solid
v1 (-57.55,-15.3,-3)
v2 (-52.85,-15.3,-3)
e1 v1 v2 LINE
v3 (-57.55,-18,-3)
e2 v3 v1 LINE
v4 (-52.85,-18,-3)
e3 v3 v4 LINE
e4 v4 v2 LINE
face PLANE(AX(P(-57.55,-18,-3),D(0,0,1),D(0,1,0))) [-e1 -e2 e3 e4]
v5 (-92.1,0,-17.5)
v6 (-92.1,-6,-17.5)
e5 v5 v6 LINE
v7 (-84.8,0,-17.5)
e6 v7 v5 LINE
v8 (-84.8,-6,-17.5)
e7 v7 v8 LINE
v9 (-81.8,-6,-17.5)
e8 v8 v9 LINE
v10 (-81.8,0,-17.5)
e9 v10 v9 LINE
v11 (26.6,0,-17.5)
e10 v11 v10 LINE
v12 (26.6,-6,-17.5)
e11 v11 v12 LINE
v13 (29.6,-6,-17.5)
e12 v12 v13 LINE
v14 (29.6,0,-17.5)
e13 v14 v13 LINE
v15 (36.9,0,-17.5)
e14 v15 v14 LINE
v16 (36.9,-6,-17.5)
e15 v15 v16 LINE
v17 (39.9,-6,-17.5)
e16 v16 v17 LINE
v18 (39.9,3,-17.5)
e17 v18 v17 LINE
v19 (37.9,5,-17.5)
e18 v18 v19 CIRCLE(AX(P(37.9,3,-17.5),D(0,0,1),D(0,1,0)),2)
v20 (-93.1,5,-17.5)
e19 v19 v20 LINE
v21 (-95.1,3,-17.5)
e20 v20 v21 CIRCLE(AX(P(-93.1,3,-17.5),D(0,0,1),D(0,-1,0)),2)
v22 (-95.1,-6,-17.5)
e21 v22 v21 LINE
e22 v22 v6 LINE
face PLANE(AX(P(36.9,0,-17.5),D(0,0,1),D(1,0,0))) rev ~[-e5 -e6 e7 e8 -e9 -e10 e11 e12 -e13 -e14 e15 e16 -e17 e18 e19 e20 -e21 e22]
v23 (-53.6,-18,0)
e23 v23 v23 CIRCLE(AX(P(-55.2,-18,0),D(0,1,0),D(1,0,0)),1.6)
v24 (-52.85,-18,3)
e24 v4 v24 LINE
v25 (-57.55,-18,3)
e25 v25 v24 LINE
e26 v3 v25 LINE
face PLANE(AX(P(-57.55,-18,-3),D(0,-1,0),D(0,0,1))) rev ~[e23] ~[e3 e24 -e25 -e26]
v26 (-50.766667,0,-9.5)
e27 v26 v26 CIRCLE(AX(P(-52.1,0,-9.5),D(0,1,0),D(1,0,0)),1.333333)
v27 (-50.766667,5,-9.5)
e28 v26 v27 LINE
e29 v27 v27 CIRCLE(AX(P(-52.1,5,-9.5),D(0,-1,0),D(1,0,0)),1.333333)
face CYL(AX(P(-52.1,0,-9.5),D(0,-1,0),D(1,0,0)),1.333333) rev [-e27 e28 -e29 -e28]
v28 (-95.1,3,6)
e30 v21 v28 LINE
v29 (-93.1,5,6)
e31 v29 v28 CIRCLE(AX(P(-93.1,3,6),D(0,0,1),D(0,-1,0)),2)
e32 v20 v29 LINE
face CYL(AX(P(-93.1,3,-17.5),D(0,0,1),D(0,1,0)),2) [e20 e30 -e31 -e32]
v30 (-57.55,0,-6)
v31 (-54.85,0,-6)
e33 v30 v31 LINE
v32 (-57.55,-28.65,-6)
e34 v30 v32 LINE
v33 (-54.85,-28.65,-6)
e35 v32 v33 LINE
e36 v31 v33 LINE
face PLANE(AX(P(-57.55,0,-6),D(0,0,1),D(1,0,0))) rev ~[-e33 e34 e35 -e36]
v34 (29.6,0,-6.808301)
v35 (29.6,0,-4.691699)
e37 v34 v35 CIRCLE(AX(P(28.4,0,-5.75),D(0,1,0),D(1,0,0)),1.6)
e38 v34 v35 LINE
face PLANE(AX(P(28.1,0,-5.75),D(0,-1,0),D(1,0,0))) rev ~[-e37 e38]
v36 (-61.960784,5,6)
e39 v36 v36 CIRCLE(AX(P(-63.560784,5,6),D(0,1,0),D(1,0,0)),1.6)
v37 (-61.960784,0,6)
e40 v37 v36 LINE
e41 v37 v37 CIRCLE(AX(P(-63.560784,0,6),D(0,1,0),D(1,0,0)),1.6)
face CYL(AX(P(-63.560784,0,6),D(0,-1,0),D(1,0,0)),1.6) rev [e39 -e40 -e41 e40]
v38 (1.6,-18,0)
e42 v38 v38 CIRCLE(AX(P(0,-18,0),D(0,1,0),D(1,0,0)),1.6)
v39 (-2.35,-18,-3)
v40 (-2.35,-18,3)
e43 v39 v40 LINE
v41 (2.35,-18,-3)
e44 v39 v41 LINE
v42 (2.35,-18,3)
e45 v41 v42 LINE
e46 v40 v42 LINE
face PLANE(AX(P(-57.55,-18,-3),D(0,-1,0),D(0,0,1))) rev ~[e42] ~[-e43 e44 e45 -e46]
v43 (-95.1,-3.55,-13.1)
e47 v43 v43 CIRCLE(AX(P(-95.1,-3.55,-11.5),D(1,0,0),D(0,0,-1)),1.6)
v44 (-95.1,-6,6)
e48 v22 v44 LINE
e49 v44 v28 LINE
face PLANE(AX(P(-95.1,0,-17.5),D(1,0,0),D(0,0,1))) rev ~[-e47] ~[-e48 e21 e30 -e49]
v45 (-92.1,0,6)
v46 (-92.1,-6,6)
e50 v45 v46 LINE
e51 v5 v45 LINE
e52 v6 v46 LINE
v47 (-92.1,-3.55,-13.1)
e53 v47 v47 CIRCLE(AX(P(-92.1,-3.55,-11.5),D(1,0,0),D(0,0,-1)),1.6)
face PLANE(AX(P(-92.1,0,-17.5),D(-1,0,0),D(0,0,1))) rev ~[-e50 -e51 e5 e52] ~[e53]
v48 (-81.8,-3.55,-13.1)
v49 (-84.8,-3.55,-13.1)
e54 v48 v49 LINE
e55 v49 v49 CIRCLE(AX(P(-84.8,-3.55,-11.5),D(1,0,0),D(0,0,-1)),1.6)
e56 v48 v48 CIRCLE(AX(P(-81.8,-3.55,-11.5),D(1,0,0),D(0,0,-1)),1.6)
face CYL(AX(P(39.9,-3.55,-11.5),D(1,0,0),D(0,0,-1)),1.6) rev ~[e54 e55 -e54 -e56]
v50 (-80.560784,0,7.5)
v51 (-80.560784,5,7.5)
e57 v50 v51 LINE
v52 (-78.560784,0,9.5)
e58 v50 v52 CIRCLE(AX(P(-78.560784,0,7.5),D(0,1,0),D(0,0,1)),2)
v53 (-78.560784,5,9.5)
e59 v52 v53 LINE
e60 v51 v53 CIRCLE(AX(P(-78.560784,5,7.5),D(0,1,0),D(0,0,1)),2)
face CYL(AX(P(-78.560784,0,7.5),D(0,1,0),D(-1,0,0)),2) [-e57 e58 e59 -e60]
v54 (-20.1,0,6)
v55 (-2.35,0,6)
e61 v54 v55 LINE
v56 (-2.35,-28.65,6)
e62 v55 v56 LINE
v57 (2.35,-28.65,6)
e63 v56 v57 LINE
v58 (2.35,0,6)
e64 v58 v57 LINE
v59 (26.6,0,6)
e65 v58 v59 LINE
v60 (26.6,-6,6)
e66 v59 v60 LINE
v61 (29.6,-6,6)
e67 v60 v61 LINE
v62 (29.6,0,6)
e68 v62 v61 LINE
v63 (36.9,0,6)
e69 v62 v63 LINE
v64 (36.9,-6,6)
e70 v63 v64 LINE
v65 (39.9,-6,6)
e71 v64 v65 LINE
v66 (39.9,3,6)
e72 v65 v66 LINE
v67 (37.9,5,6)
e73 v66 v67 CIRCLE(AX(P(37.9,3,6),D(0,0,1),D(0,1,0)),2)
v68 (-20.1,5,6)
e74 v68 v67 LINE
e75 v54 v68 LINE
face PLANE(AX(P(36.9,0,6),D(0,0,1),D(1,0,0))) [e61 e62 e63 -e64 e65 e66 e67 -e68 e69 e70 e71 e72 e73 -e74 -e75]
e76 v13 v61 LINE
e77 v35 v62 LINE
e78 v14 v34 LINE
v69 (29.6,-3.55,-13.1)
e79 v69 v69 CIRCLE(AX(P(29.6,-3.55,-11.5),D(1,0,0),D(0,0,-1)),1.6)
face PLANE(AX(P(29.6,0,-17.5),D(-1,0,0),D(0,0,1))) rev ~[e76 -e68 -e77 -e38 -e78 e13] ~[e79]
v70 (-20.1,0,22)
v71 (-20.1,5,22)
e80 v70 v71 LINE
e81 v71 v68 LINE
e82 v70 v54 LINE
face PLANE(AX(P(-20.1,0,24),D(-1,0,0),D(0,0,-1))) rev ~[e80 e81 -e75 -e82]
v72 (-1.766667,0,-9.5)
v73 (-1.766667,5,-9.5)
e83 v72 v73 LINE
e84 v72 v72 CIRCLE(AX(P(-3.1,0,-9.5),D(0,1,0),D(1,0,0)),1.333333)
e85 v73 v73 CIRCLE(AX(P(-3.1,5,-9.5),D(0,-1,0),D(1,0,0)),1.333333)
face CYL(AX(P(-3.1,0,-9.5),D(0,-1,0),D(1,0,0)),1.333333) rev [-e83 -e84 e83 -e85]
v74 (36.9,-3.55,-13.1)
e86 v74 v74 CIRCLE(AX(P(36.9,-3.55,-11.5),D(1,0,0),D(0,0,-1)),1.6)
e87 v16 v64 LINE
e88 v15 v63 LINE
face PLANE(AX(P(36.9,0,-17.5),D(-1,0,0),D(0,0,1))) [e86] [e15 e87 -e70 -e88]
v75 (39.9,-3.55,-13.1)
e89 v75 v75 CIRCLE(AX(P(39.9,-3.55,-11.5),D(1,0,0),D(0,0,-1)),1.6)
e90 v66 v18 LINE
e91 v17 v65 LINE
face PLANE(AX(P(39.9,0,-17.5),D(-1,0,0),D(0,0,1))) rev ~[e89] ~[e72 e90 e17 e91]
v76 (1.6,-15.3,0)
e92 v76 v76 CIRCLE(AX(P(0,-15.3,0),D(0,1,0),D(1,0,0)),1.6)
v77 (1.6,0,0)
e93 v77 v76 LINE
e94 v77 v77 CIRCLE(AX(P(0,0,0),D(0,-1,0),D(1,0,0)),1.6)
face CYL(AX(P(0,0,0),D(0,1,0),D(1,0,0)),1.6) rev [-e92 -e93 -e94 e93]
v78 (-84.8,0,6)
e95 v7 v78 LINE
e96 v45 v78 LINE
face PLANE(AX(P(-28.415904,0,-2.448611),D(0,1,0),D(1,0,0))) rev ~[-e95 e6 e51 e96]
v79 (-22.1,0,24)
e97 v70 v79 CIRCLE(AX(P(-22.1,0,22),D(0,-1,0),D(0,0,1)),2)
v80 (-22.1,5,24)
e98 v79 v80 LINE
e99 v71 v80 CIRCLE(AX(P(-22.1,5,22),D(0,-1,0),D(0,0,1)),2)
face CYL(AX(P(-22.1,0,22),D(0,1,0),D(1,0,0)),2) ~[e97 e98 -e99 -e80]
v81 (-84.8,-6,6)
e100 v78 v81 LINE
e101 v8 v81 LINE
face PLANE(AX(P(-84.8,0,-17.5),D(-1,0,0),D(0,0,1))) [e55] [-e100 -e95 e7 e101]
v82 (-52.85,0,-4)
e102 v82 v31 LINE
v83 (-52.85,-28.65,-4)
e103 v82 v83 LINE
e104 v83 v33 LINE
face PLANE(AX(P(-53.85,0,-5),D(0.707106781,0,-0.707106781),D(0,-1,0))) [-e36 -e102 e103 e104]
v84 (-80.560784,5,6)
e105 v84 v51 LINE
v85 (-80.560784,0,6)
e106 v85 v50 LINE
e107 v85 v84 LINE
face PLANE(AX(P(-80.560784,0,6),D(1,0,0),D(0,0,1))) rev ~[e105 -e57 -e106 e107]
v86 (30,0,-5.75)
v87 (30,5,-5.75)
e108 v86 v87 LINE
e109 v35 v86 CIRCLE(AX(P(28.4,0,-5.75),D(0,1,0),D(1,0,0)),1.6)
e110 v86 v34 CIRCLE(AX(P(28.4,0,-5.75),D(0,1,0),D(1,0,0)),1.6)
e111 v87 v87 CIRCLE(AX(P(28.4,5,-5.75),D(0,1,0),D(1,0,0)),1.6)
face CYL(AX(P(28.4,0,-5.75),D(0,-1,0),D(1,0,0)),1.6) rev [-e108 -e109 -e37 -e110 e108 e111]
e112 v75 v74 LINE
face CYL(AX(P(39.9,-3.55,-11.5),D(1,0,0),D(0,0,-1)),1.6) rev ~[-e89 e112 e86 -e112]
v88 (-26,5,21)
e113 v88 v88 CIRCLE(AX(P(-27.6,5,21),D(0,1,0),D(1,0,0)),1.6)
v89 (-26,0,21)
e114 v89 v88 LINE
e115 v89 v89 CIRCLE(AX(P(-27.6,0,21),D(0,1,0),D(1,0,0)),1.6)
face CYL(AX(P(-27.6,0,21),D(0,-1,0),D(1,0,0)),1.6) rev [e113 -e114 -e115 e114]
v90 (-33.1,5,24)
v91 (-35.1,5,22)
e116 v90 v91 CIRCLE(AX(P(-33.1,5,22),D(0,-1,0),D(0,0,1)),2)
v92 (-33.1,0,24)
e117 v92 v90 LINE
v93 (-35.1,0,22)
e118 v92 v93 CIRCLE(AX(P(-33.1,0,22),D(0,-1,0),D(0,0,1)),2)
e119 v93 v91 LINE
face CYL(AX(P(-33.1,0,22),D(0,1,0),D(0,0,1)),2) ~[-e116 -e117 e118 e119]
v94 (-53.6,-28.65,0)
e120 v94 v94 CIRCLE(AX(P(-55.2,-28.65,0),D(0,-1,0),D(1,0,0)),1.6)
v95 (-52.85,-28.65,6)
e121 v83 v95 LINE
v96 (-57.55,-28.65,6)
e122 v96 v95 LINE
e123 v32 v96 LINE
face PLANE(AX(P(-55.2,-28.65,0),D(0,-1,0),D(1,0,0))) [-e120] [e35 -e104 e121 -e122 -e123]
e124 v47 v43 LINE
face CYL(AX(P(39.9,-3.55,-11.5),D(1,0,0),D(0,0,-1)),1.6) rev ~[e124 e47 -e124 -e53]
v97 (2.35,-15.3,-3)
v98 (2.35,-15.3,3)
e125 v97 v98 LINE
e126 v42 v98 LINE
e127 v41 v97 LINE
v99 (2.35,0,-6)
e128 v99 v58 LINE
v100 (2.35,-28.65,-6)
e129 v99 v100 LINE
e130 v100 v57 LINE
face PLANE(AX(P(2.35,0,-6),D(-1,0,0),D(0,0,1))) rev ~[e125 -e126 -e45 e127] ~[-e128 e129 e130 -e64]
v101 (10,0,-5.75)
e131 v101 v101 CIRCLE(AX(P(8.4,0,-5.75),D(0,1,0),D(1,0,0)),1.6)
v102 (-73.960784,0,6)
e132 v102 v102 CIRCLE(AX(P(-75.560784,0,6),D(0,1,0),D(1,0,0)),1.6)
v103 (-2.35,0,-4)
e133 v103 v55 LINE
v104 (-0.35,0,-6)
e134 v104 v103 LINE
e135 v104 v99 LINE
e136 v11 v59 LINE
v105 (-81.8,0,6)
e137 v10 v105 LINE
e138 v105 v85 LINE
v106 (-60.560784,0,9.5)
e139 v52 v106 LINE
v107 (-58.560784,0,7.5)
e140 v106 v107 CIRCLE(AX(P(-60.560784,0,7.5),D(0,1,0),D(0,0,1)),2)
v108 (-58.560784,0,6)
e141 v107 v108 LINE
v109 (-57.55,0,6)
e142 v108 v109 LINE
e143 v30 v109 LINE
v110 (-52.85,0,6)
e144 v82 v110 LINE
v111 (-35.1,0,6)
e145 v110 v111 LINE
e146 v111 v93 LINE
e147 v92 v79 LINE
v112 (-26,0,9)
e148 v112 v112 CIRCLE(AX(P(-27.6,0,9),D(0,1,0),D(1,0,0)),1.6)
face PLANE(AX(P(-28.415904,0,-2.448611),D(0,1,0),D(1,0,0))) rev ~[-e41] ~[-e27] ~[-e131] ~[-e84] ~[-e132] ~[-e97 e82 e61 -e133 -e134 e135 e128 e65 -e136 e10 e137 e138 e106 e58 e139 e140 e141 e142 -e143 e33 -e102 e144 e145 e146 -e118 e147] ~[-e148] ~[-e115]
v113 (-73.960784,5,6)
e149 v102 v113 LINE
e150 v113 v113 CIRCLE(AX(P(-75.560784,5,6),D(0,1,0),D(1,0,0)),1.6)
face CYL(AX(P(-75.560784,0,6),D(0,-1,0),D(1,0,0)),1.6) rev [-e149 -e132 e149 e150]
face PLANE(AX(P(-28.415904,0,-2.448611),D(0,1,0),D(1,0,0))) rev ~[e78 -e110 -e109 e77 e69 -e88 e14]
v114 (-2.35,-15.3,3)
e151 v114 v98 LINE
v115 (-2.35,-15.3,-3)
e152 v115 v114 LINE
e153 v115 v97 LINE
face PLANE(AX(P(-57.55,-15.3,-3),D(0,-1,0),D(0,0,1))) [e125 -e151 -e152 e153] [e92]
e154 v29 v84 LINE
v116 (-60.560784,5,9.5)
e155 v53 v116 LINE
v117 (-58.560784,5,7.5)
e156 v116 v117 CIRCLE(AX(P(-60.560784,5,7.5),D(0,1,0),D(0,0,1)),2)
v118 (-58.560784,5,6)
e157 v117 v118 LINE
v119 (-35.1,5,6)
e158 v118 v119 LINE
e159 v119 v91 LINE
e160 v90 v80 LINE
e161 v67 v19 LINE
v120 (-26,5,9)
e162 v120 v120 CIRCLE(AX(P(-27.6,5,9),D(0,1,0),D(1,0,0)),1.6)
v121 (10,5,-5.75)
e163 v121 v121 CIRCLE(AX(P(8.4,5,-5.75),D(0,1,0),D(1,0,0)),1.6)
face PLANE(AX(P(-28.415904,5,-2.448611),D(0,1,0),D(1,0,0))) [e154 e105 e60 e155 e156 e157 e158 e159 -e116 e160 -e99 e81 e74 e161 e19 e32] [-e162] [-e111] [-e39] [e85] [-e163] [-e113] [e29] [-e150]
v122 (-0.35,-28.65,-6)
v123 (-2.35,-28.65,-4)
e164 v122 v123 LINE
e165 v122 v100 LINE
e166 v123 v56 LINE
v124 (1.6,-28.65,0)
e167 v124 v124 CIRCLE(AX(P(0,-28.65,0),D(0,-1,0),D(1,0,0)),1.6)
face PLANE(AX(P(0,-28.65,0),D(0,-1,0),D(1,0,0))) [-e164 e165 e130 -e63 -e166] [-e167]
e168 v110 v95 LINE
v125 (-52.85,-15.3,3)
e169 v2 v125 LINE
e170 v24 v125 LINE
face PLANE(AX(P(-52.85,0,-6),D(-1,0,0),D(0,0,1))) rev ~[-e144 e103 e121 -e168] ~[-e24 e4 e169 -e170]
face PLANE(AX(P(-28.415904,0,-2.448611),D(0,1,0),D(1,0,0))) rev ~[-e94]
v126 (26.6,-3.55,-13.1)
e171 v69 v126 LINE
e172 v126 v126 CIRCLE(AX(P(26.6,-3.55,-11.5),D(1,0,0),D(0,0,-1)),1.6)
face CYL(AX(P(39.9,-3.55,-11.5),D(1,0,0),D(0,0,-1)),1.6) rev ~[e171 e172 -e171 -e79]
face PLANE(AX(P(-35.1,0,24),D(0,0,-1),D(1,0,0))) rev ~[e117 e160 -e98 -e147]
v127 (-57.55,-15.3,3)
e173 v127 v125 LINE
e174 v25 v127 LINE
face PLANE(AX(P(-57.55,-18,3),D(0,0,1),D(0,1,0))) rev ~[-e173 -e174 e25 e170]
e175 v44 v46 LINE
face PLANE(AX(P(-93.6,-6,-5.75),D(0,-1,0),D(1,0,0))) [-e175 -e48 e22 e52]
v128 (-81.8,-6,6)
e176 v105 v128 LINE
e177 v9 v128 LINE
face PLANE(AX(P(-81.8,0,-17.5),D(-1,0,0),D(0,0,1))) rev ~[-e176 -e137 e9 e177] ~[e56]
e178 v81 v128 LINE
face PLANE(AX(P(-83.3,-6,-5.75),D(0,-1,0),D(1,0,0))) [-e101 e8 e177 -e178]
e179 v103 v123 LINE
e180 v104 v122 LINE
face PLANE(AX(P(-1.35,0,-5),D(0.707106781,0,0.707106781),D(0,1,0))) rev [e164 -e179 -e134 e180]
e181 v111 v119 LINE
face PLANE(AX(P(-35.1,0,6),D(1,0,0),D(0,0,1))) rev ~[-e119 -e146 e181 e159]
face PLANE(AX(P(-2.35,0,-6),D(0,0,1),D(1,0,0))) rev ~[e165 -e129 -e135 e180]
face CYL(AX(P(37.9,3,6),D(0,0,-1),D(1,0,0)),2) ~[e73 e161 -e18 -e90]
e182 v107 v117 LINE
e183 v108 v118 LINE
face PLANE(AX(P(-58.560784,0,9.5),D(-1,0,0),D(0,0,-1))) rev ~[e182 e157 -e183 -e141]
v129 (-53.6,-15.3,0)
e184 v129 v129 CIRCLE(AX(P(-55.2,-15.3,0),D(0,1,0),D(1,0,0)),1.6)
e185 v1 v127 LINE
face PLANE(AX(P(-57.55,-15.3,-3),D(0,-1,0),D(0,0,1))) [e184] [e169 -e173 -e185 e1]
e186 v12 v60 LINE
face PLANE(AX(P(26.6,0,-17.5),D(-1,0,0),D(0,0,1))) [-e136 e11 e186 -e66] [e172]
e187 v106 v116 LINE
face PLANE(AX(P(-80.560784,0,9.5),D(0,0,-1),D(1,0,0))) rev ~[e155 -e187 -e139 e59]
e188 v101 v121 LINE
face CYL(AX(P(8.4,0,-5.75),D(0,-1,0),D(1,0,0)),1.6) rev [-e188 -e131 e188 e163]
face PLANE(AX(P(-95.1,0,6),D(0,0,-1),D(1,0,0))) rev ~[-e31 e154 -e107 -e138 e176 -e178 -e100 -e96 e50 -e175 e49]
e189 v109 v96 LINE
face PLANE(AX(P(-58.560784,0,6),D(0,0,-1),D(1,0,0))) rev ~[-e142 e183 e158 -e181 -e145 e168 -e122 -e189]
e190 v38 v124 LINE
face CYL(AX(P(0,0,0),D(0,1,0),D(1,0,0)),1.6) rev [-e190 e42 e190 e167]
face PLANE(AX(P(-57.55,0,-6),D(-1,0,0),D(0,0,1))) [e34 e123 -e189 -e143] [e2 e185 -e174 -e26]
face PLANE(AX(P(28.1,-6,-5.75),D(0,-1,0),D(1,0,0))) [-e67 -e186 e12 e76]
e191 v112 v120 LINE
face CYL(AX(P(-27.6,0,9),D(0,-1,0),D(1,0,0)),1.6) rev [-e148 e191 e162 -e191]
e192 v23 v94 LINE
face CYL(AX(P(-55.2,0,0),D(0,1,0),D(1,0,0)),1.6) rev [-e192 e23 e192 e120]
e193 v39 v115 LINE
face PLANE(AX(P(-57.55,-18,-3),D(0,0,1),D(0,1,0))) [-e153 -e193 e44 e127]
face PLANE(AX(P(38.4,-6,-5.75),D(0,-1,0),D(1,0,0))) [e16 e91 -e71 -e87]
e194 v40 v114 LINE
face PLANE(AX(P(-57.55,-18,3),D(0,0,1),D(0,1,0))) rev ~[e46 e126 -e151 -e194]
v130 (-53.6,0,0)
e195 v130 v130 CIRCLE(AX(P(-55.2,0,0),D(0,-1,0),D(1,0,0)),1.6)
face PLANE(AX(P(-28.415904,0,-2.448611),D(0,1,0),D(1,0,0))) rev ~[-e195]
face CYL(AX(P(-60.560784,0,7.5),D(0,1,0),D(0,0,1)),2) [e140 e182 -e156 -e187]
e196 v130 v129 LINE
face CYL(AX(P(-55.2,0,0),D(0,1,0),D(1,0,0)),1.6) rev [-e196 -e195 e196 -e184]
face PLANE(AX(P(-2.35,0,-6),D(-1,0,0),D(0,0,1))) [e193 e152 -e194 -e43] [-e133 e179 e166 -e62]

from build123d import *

# Parameters (mm, degrees)
SKETCH3_R           = 1.6
BOSS_EXTRUDE1_DEPTH = 5
SKETCH4_W           = 3
SKETCH4_H           = 23.5
BOSS_EXTRUDE2_DEPTH = 6
SKETCH5_R           = 1.6
CUT_EXTRUDE1_DEPTH  = 138.247950804
SKETCH6_W           = 4.7
SKETCH6_H           = 12
SKETCH6_R           = 1.6
BOSS_EXTRUDE3_DEPTH = 28.65
SKETCH8_W           = 6
SKETCH8_H           = 2.7
CUT_EXTRUDE3_DEPTH  = 105.371092741
FILLET1_R           = 2
CHAMFER1_SIZE       = 2
SKETCH9_R           = 1.333333333
CUT_EXTRUDE4_DEPTH  = 25
FILLET2_R           = 2


with BuildPart() as part:
    # Sketch3 → Boss-Extrude1 (new body)
    with BuildSketch(Plane(origin=(0, 0, 0), x_dir=(1, 0, 0), z_dir=(0, 1, 0))):
        Polygon((39.9, 17.5), (-95.1, 17.5), (-95.1, -6), (-80.560784084, -6), (-80.560784084, -9.5), (-58.560784084, -9.5), (-58.560784084, -6), (-35.1, -6), (-35.1, -24), (-20.1, -24), (-20.1, -6), (39.9, -6), align=None)
        with Locations((-63.560784084, -6)):
            Circle(SKETCH3_R, mode=Mode.SUBTRACT)
        with Locations((-75.560784084, -6)):
            Circle(SKETCH3_R, mode=Mode.SUBTRACT)
        with Locations((8.4, 5.75)):
            Circle(SKETCH3_R, mode=Mode.SUBTRACT)
        with Locations((28.4, 5.75)):
            Circle(SKETCH3_R, mode=Mode.SUBTRACT)
        with Locations((-27.6, -9)):
            Circle(SKETCH3_R, mode=Mode.SUBTRACT)
        with Locations((-27.6, -21)):
            Circle(SKETCH3_R, mode=Mode.SUBTRACT)
    extrude(amount=BOSS_EXTRUDE1_DEPTH)

    # Sketch4 → Boss-Extrude2 (add)
    with BuildSketch(Plane.XZ):
        with Locations((38.4, -5.75)):
            Rectangle(SKETCH4_W, SKETCH4_H)
        with Locations((28.1, -5.75)):
            Rectangle(SKETCH4_W, SKETCH4_H)
        with Locations((-93.6, -5.75)):
            Rectangle(SKETCH4_W, SKETCH4_H)
        with Locations((-83.3, -5.75)):
            Rectangle(SKETCH4_W, SKETCH4_H)
    extrude(amount=BOSS_EXTRUDE2_DEPTH)

    # Sketch5 → Cut-Extrude1 (cut, through all)
    with BuildSketch(Plane(origin=(39.9, 0, 0), x_dir=(0, 0, -1), z_dir=(1, 0, 0))):
        with Locations((11.5, -3.55)):
            Circle(SKETCH5_R)
    extrude(amount=-CUT_EXTRUDE1_DEPTH, mode=Mode.SUBTRACT)

    # Sketch6 → Boss-Extrude3 (add)
    # profile 1 of 2: a face of its own
    with BuildSketch(Plane.XZ):
        with Locations((-55.2, 0)):
            Rectangle(SKETCH6_W, SKETCH6_H)
        with Locations((-55.2, 0)):
            Circle(SKETCH6_R, mode=Mode.SUBTRACT)
    # profile 2 of 2: a face of its own
    with BuildSketch(Plane.XZ):
        Rectangle(SKETCH6_W, SKETCH6_H)
        Circle(SKETCH6_R, mode=Mode.SUBTRACT)
    extrude(amount=BOSS_EXTRUDE3_DEPTH)

    # Sketch8 → Cut-Extrude3 (cut, through all)
    with BuildSketch(Plane.ZY.offset(57.55)):
        with Locations((0, -16.65)):
            Rectangle(SKETCH8_W, SKETCH8_H)
    extrude(amount=-CUT_EXTRUDE3_DEPTH, mode=Mode.SUBTRACT)

    # Fillet1
    fillet1_edges = [part.edges().sort_by_distance(p)[0] for p in [
        (39.9, 5, -5.75),
        (-95.1, 5, -5.75),
    ]]
    fillet(fillet1_edges, radius=FILLET1_R)

    # Chamfer1
    chamfer1_edges = [part.edges().sort_by_distance(p)[0] for p in [
        (-2.35, -14.325, -6),
        (-52.85, -14.325, -6),
    ]]
    chamfer(chamfer1_edges, length=CHAMFER1_SIZE)

    # Sketch9 → Cut-Extrude4 (cut)
    with BuildSketch(Plane(origin=(0, 0, 0), x_dir=(1, 0, 0), z_dir=(0, 1, 0))):
        with Locations((-3.1, 9.5)):
            Circle(SKETCH9_R)
        with Locations((-52.1, 9.5)):
            Circle(SKETCH9_R)
    extrude(amount=CUT_EXTRUDE4_DEPTH, mode=Mode.SUBTRACT)

    # Fillet2
    fillet2_edges = [part.edges().sort_by_distance(p)[0] for p in [
        (-20.1, 2.5, 24),
        (-35.1, 2.5, 24),
        (-80.560784084, 2.5, 9.5),
        (-58.560784084, 2.5, 9.5),
    ]]
    fillet(fillet2_edges, radius=FILLET2_R)


solid = part.part
